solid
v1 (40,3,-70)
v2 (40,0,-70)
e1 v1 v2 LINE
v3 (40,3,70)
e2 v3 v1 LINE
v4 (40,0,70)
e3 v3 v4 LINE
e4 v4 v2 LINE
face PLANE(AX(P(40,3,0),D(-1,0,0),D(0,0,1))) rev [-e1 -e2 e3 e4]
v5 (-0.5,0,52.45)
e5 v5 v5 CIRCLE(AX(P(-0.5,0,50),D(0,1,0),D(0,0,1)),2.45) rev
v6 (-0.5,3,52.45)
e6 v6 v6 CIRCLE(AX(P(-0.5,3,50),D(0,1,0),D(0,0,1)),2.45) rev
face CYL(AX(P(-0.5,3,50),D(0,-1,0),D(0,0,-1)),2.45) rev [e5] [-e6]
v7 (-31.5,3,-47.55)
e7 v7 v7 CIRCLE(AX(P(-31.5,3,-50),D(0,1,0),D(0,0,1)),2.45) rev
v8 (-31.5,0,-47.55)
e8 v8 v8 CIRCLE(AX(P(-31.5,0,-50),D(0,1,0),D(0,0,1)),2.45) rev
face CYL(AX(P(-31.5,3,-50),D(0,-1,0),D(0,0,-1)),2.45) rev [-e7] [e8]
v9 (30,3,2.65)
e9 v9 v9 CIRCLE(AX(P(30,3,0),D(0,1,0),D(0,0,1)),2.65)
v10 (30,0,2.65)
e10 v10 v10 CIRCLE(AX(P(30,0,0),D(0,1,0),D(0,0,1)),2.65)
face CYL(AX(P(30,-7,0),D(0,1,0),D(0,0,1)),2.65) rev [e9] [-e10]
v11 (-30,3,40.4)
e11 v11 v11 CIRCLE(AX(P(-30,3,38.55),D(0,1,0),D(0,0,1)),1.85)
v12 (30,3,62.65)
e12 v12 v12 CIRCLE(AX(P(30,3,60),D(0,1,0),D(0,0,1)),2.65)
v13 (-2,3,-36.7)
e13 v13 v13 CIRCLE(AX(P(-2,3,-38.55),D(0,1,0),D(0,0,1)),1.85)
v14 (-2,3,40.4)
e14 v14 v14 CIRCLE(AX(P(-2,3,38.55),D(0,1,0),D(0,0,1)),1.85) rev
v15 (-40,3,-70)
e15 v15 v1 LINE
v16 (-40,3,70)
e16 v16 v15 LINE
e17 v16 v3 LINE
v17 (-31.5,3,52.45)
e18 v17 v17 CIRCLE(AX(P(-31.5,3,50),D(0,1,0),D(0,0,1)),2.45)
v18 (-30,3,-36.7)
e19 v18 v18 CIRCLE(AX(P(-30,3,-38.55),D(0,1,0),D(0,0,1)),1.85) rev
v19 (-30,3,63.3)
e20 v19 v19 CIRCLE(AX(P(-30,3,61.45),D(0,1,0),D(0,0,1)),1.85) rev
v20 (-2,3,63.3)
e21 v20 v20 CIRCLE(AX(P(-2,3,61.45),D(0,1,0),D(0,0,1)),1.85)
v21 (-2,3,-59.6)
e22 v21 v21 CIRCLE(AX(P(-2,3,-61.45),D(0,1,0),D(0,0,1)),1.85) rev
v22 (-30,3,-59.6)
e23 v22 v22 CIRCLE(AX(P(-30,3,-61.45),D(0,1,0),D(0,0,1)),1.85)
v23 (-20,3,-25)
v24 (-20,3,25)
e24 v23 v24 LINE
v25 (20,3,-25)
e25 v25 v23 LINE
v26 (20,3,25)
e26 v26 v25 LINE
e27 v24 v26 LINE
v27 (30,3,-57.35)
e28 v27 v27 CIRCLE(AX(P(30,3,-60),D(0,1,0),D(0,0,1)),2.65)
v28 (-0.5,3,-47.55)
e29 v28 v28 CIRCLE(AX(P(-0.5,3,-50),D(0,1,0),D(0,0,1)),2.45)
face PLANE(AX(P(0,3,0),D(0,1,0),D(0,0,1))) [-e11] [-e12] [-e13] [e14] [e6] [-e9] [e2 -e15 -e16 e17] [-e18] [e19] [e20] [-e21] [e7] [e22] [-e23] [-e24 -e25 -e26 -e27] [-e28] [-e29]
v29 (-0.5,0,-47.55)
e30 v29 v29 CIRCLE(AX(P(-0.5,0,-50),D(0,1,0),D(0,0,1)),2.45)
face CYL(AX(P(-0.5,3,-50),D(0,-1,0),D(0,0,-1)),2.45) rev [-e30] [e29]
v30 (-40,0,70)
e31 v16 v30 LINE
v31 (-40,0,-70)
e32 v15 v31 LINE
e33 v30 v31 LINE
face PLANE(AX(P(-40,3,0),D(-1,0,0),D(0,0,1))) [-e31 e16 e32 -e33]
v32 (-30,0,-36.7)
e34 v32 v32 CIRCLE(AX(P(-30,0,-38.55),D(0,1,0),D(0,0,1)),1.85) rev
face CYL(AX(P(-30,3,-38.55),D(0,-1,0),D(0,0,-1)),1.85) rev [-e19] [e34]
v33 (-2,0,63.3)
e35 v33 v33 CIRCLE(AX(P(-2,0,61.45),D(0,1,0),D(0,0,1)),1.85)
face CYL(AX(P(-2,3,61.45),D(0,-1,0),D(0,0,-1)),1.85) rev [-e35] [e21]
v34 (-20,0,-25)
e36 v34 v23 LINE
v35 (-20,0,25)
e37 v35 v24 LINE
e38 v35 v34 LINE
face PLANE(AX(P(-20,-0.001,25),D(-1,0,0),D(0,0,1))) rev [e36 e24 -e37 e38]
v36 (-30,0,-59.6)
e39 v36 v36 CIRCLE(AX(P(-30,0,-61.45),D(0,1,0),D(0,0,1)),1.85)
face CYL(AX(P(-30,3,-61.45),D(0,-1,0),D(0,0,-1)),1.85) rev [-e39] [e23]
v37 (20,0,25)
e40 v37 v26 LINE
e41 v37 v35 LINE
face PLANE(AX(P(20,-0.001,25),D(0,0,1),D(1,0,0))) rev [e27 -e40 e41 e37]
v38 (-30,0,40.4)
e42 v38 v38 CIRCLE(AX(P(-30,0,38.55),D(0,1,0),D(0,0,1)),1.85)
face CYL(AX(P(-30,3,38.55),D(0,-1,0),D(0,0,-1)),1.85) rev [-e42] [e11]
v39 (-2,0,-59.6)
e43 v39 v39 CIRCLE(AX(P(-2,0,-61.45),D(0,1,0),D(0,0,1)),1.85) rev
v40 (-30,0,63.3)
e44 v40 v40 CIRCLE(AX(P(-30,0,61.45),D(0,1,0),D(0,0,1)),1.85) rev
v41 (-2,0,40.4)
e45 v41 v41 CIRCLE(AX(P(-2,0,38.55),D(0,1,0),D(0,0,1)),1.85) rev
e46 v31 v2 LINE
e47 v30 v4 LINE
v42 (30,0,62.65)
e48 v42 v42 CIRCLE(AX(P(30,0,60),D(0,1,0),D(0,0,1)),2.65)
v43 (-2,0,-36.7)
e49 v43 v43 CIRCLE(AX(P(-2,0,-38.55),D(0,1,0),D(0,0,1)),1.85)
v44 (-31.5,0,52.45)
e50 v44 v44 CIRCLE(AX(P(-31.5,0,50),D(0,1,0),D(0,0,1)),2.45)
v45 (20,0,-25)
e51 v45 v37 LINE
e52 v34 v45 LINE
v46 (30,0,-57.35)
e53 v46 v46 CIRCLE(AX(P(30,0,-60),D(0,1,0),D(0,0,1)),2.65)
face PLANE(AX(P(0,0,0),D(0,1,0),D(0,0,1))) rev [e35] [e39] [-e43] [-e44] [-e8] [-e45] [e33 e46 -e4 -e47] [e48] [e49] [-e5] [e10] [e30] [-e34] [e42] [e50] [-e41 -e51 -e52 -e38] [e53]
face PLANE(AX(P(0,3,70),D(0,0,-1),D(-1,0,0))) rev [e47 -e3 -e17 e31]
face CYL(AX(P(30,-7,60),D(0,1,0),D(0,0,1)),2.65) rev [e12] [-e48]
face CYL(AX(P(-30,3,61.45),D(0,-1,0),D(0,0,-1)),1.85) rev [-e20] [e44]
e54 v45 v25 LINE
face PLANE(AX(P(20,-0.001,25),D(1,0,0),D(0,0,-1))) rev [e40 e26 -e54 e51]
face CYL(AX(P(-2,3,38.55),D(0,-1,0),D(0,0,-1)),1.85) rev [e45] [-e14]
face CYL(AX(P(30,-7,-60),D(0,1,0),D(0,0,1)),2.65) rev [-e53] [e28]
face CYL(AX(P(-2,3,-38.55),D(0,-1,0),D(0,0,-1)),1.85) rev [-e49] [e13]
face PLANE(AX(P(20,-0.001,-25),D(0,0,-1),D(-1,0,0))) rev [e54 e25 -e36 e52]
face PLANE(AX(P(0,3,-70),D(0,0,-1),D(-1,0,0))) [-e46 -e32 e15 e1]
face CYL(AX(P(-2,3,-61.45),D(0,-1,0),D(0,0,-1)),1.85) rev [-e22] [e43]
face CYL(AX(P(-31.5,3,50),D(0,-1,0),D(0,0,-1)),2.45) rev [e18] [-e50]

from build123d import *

# Parameters (mm, degrees)
SKETCH_1_R          = 2.5
SKETCH_1_R_2        = 2.45
SKETCH_1_R_3        = 1.85
SKETCH_1_W          = 48
SKETCH_1_H          = 40
EXTRUDE_1_DEPTH     = 3
CUT_EXTRUDE_1_REACH = 82.678
SKETCH_2_W          = 40
SKETCH_2_H          = 50
SKETCH_3_R          = 2.65
CUT_EXTRUDE_2_DEPTH = 10


with BuildPart() as part:
    # 草图1 → 凸台-拉伸1 (new body)
    # profile 1 of 5: a face of its own
    with BuildSketch(Plane(origin=(0, 0, 0), x_dir=(1, 0, 0), z_dir=(0, 1, 0))):
        with BuildLine():
            Line((8, -30), (8, -70))
            Line((8, -70), (40, -70))
            Line((40, -70), (40, 60))
            Line((40, 60), (32.5, 60))
            ThreePointArc((32.5, 60), (28.232233047, 58.232233047), (30, 62.5))
            Line((30, 62.5), (30, 70))
            Line((30, 70), (8, 70))
            Line((8, 70), (8, 30))
            Line((8, 30), (-40, 30))
            Line((-40, 30), (-40, -30))
            Line((-40, -30), (8, -30))
        make_face()
        with Locations(Location((30, -60, 0), (0, 0, 270))):
            Circle(SKETCH_1_R, mode=Mode.SUBTRACT)
        with Locations(Location((30, 0, 0), (0, 0, 270))):
            Circle(SKETCH_1_R, mode=Mode.SUBTRACT)
    # profile 2 of 5: a face of its own
    with BuildSketch(Plane(origin=(0, 0, 0), x_dir=(1, 0, 0), z_dir=(0, 1, 0))):
        with BuildLine():
            Line((32.5, 60), (40, 60))
            Line((40, 60), (40, 70))
            Line((40, 70), (30, 70))
            Line((30, 70), (30, 62.5))
            ThreePointArc((30, 62.5), (31.767766953, 61.767766953), (32.5, 60))
        make_face()
    # profile 3 of 5: a face of its own
    with BuildSketch(Plane(origin=(0, 0, 0), x_dir=(1, 0, 0), z_dir=(0, 1, 0))):
        with BuildLine():
            Line((-40, 61.45), (-40, 30))
            Line((-40, 30), (8, 30))
            Line((8, 30), (8, 70))
            Line((8, 70), (-30, 70))
            Line((-30, 70), (-30, 63.3))
            ThreePointArc((-30, 63.3), (-28.691852455, 62.758147545), (-28.15, 61.45))
            ThreePointArc((-28.15, 61.45), (-30, 59.6), (-31.85, 61.45))
            Line((-31.85, 61.45), (-40, 61.45))
        make_face()
        with Locations(Location((-31.5, 50, 0), (0, 0, 270))):
            Circle(SKETCH_1_R_2, mode=Mode.SUBTRACT)
        with Locations(Location((-30, 38.55, 0), (0, 0, 270))):
            Circle(SKETCH_1_R_3, mode=Mode.SUBTRACT)
        with Locations(Location((-2, 38.55, 0), (0, 0, 270))):
            Circle(SKETCH_1_R_3, mode=Mode.SUBTRACT)
        with Locations(Location((-0.5, 50, 0), (0, 0, 270))):
            Circle(SKETCH_1_R_2, mode=Mode.SUBTRACT)
        with Locations(Location((-2, 61.45, 0), (0, 0, 270))):
            Circle(SKETCH_1_R_3, mode=Mode.SUBTRACT)
    # profile 4 of 5: a face of its own
    with BuildSketch(Plane(origin=(0, 0, 0), x_dir=(1, 0, 0), z_dir=(0, 1, 0))):
        with BuildLine():
            Line((-40, 70), (-40, 61.45))
            Line((-40, 61.45), (-31.85, 61.45))
            ThreePointArc((-31.85, 61.45), (-31.308147545, 62.758147545), (-30, 63.3))
            Line((-30, 63.3), (-30, 70))
            Line((-30, 70), (-40, 70))
        make_face()
    # profile 5 of 5: a face of its own
    with BuildSketch(Plane(origin=(0, 0, 0), x_dir=(1, 0, 0), z_dir=(0, 1, 0))):
        with Locations((-16, -50)):
            Rectangle(SKETCH_1_W, SKETCH_1_H)
        with Locations(Location((-30, -61.45, 0), (0, 0, 270))):
            Circle(SKETCH_1_R_3, mode=Mode.SUBTRACT)
        with Locations(Location((-31.5, -50, 0), (0, 0, 270))):
            Circle(SKETCH_1_R_2, mode=Mode.SUBTRACT)
        with Locations(Location((-30, -38.55, 0), (0, 0, 270))):
            Circle(SKETCH_1_R_3, mode=Mode.SUBTRACT)
        with Locations(Location((-2, -61.45, 0), (0, 0, 270))):
            Circle(SKETCH_1_R_3, mode=Mode.SUBTRACT)
        with Locations(Location((-0.5, -50, 0), (0, 0, 270))):
            Circle(SKETCH_1_R_2, mode=Mode.SUBTRACT)
        with Locations(Location((-2, -38.55, 0), (0, 0, 270))):
            Circle(SKETCH_1_R_3, mode=Mode.SUBTRACT)
    extrude(amount=EXTRUDE_1_DEPTH)

    # 草图2 → 切除-拉伸1 (cut, up to next)
    with BuildSketch(Plane(origin=(0, 3, 0), x_dir=(1, 0, 0), z_dir=(0, 1, 0)), mode=Mode.PRIVATE) as cut_extrude_1_sk1:
        Rectangle(SKETCH_2_W, SKETCH_2_H)
    cut_extrude_1_tool1 = extrude(cut_extrude_1_sk1.sketch, amount=-CUT_EXTRUDE_1_REACH, mode=Mode.PRIVATE) & part.part
    add(cut_extrude_1_tool1.solids().sort_by_distance((0, 3, 0))[0], mode=Mode.SUBTRACT)

    # 草图3 → 切除-拉伸2 (cut)
    with BuildSketch(Plane(origin=(0, 3, 0), x_dir=(1, 0, 0), z_dir=(0, 1, 0))):
        with Locations(Location((30, 60, 0), (0, 0, 270))):
            Circle(SKETCH_3_R)
        with Locations(Location((30, 0, 0), (0, 0, 270))):
            Circle(SKETCH_3_R)
        with Locations(Location((30, -60, 0), (0, 0, 270))):
            Circle(SKETCH_3_R)
    extrude(amount=-CUT_EXTRUDE_2_DEPTH, mode=Mode.SUBTRACT)


solid = part.part
